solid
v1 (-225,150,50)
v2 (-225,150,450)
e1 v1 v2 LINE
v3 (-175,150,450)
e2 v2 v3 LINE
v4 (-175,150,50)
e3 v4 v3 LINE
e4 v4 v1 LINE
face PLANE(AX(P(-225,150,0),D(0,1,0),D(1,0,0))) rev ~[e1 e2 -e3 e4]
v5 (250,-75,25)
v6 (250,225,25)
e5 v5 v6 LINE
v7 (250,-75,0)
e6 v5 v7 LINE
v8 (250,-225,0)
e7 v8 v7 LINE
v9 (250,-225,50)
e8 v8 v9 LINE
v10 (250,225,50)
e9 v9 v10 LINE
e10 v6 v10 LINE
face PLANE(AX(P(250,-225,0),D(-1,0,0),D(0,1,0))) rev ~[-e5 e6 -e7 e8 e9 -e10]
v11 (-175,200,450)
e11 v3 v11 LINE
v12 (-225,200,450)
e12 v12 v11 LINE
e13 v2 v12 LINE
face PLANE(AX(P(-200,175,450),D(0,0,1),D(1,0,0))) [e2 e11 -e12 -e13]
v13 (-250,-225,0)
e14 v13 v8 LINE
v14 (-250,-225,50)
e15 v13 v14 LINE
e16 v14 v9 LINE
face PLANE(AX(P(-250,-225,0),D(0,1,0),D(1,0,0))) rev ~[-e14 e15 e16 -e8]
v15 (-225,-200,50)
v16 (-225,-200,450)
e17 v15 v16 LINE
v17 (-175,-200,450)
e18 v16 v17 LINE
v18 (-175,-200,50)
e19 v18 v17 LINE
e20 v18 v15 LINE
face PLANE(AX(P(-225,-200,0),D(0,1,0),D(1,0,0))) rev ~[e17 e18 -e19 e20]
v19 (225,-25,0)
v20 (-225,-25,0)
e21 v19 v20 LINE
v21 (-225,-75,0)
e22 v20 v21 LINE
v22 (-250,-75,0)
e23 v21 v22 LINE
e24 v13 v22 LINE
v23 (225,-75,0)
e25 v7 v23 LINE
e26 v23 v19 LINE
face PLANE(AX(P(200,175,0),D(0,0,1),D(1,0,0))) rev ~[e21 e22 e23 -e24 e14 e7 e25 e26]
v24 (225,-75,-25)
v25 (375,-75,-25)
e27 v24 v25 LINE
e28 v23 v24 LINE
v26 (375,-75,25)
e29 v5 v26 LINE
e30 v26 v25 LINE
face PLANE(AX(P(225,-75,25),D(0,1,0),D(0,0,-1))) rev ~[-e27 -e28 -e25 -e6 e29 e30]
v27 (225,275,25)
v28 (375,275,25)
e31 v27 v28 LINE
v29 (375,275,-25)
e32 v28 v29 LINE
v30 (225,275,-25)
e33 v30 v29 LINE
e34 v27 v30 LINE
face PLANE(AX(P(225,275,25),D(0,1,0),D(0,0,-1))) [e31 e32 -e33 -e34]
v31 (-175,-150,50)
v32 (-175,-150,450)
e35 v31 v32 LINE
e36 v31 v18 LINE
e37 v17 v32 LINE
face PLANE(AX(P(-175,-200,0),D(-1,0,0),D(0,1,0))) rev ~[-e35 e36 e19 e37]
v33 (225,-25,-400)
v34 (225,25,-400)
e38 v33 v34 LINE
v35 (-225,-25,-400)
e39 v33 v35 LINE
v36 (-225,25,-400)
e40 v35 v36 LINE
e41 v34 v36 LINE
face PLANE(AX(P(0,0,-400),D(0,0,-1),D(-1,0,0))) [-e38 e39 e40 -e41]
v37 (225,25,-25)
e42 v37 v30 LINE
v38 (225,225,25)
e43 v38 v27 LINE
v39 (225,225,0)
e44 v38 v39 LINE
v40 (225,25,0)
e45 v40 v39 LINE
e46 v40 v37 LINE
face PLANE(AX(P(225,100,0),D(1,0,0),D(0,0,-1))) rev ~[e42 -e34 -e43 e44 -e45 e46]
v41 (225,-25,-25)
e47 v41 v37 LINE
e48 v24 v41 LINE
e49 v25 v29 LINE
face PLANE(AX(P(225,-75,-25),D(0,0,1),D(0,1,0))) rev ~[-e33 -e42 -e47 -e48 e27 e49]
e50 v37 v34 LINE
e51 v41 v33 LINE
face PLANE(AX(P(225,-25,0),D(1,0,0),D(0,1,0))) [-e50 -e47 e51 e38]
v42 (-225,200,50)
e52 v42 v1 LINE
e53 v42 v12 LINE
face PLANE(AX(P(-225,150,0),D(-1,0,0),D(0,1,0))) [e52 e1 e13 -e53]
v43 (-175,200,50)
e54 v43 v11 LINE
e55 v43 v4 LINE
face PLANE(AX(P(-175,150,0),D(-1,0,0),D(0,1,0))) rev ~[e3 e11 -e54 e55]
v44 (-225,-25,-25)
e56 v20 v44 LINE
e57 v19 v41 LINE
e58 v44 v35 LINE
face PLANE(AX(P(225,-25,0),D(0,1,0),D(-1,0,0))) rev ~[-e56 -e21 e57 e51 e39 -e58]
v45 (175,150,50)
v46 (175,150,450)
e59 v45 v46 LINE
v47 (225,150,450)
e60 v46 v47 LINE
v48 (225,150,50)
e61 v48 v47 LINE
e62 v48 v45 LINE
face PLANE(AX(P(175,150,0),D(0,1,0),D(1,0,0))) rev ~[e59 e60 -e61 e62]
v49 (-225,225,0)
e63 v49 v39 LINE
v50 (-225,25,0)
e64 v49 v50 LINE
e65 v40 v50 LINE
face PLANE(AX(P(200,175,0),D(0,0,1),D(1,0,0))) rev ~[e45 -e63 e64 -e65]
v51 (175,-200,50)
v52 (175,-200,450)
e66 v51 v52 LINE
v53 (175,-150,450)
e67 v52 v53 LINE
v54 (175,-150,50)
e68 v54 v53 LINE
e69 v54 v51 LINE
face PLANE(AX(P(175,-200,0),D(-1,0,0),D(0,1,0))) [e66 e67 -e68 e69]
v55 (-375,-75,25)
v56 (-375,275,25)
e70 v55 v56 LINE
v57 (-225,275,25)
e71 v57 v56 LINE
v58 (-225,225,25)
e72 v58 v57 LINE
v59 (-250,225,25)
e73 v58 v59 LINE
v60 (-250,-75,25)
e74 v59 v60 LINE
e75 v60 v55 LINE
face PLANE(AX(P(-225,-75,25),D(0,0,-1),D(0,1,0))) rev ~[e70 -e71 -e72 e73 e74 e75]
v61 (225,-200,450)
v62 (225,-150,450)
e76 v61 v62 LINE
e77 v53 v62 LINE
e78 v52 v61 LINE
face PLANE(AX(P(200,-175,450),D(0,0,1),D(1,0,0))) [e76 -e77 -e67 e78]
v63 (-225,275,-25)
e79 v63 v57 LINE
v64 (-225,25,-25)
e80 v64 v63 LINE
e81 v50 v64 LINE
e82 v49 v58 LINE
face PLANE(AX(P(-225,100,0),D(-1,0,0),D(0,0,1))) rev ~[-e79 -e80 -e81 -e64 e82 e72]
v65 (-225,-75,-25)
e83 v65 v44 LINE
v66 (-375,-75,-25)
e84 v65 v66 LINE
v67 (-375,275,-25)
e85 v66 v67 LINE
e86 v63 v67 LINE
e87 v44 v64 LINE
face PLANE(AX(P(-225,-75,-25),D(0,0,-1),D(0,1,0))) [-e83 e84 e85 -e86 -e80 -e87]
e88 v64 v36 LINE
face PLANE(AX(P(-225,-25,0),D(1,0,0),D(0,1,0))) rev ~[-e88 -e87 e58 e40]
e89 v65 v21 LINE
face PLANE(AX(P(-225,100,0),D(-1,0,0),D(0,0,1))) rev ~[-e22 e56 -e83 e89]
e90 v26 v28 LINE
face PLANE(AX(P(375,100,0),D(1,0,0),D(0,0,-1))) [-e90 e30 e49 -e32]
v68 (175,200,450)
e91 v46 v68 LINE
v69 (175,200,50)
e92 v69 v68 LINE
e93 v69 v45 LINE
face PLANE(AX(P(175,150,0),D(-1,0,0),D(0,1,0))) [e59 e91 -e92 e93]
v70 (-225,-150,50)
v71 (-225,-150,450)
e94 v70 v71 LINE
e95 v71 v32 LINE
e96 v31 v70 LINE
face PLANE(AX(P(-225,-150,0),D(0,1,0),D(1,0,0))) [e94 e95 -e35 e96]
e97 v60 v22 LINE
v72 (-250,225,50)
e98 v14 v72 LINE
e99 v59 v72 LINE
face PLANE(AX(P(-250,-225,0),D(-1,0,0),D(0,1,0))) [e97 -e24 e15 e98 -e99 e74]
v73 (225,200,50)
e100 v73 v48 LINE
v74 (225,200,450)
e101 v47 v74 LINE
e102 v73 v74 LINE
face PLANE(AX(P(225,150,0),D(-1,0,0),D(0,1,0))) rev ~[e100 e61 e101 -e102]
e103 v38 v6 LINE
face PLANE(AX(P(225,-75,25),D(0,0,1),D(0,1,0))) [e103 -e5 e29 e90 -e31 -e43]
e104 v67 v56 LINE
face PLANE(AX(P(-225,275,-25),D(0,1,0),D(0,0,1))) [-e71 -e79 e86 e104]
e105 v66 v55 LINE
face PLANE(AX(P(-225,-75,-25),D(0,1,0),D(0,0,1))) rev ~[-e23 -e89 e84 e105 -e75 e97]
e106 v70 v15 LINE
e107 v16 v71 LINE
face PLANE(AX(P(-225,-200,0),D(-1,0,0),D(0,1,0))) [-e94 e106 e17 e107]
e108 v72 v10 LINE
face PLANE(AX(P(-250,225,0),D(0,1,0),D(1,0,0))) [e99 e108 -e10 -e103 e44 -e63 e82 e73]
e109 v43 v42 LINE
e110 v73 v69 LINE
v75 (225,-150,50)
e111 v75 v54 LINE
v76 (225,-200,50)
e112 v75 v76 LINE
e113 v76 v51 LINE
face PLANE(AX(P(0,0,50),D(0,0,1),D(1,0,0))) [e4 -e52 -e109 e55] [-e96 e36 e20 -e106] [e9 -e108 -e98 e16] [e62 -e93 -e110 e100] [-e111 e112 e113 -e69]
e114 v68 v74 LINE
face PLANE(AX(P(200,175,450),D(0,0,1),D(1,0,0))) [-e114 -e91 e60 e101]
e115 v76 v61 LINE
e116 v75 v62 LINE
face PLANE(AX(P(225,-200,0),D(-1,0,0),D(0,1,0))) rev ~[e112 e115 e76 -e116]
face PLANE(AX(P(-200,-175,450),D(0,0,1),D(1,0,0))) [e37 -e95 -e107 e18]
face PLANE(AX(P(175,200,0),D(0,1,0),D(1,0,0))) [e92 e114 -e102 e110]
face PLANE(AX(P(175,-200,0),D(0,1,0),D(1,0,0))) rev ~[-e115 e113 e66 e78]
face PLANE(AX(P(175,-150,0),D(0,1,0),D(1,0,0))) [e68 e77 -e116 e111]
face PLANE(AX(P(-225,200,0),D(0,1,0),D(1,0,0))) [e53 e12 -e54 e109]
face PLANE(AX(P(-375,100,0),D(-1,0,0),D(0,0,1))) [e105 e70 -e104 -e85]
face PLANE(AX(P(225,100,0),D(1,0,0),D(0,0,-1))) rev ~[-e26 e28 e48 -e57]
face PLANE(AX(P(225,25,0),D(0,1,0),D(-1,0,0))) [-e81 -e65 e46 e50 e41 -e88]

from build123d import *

# Parameters (mm, degrees)
SKETCH_1_W      = 500
SKETCH_1_H      = 450
EXTRUDE_1_DEPTH = 50
SKETCH_2_W      = 50
SKETCH_2_H      = 50
EXTRUDE_2_DEPTH = 450
SKETCH_3_W      = 50
SKETCH_3_H      = 50
EXTRUDE_3_DEPTH = 450
SKETCH_4_W      = 50
SKETCH_4_H      = 50
EXTRUDE_4_DEPTH = 450
SKETCH_5_W      = 50
SKETCH_5_H      = 50
EXTRUDE_5_DEPTH = 450
SKETCH_6_W      = 450
SKETCH_6_H      = 50
EXTRUDE_6_DEPTH = 400
SKETCH_7_W      = 50
SKETCH_7_H      = 350
EXTRUDE_7_DEPTH = 150
SKETCH_8_W      = 50
SKETCH_8_H      = 350
EXTRUDE_8_DEPTH = 150


with BuildPart() as part:
    # 草图1 → 凸台-拉伸1 (new body)
    with BuildSketch(Plane.XY):
        Rectangle(SKETCH_1_W, SKETCH_1_H)
    extrude(amount=EXTRUDE_1_DEPTH)

    # 草图2 → 凸台-拉伸2 (add)
    with BuildSketch(Plane.XY):
        with Locations((-200, -175)):
            Rectangle(SKETCH_2_W, SKETCH_2_H)
    extrude(amount=EXTRUDE_2_DEPTH)

    # 草图3 → 凸台-拉伸3 (add)
    with BuildSketch(Plane.XY):
        with Locations((200, -175)):
            Rectangle(SKETCH_3_W, SKETCH_3_H)
    extrude(amount=EXTRUDE_3_DEPTH)

    # 草图4 → 凸台-拉伸4 (add)
    with BuildSketch(Plane.XY):
        with Locations((-200, 175)):
            Rectangle(SKETCH_4_W, SKETCH_4_H)
    extrude(amount=EXTRUDE_4_DEPTH)

    # 草图5 → 凸台-拉伸5 (add)
    with BuildSketch(Plane.XY):
        with Locations((200, 175)):
            Rectangle(SKETCH_5_W, SKETCH_5_H)
    extrude(amount=EXTRUDE_5_DEPTH)

    # 草图6 → 凸台-拉伸6 (add)
    with BuildSketch(Plane(origin=(0, 0, 0), x_dir=(-1, 0, 0), z_dir=(0, 0, -1))):
        Rectangle(SKETCH_6_W, SKETCH_6_H)
    extrude(amount=EXTRUDE_6_DEPTH)

    # 草图7 → 凸台-拉伸7 (add)
    with BuildSketch(Plane.ZY.offset(225)):
        with Locations((0, 100)):
            Rectangle(SKETCH_7_W, SKETCH_7_H)
    extrude(amount=EXTRUDE_7_DEPTH)

    # 草图8 → 凸台-拉伸8 (add)
    with BuildSketch(Plane(origin=(225, 0, 0), x_dir=(0, 0, -1), z_dir=(1, 0, 0))):
        with Locations((0, 100)):
            Rectangle(SKETCH_8_W, SKETCH_8_H)
    extrude(amount=EXTRUDE_8_DEPTH)


solid = part.part
